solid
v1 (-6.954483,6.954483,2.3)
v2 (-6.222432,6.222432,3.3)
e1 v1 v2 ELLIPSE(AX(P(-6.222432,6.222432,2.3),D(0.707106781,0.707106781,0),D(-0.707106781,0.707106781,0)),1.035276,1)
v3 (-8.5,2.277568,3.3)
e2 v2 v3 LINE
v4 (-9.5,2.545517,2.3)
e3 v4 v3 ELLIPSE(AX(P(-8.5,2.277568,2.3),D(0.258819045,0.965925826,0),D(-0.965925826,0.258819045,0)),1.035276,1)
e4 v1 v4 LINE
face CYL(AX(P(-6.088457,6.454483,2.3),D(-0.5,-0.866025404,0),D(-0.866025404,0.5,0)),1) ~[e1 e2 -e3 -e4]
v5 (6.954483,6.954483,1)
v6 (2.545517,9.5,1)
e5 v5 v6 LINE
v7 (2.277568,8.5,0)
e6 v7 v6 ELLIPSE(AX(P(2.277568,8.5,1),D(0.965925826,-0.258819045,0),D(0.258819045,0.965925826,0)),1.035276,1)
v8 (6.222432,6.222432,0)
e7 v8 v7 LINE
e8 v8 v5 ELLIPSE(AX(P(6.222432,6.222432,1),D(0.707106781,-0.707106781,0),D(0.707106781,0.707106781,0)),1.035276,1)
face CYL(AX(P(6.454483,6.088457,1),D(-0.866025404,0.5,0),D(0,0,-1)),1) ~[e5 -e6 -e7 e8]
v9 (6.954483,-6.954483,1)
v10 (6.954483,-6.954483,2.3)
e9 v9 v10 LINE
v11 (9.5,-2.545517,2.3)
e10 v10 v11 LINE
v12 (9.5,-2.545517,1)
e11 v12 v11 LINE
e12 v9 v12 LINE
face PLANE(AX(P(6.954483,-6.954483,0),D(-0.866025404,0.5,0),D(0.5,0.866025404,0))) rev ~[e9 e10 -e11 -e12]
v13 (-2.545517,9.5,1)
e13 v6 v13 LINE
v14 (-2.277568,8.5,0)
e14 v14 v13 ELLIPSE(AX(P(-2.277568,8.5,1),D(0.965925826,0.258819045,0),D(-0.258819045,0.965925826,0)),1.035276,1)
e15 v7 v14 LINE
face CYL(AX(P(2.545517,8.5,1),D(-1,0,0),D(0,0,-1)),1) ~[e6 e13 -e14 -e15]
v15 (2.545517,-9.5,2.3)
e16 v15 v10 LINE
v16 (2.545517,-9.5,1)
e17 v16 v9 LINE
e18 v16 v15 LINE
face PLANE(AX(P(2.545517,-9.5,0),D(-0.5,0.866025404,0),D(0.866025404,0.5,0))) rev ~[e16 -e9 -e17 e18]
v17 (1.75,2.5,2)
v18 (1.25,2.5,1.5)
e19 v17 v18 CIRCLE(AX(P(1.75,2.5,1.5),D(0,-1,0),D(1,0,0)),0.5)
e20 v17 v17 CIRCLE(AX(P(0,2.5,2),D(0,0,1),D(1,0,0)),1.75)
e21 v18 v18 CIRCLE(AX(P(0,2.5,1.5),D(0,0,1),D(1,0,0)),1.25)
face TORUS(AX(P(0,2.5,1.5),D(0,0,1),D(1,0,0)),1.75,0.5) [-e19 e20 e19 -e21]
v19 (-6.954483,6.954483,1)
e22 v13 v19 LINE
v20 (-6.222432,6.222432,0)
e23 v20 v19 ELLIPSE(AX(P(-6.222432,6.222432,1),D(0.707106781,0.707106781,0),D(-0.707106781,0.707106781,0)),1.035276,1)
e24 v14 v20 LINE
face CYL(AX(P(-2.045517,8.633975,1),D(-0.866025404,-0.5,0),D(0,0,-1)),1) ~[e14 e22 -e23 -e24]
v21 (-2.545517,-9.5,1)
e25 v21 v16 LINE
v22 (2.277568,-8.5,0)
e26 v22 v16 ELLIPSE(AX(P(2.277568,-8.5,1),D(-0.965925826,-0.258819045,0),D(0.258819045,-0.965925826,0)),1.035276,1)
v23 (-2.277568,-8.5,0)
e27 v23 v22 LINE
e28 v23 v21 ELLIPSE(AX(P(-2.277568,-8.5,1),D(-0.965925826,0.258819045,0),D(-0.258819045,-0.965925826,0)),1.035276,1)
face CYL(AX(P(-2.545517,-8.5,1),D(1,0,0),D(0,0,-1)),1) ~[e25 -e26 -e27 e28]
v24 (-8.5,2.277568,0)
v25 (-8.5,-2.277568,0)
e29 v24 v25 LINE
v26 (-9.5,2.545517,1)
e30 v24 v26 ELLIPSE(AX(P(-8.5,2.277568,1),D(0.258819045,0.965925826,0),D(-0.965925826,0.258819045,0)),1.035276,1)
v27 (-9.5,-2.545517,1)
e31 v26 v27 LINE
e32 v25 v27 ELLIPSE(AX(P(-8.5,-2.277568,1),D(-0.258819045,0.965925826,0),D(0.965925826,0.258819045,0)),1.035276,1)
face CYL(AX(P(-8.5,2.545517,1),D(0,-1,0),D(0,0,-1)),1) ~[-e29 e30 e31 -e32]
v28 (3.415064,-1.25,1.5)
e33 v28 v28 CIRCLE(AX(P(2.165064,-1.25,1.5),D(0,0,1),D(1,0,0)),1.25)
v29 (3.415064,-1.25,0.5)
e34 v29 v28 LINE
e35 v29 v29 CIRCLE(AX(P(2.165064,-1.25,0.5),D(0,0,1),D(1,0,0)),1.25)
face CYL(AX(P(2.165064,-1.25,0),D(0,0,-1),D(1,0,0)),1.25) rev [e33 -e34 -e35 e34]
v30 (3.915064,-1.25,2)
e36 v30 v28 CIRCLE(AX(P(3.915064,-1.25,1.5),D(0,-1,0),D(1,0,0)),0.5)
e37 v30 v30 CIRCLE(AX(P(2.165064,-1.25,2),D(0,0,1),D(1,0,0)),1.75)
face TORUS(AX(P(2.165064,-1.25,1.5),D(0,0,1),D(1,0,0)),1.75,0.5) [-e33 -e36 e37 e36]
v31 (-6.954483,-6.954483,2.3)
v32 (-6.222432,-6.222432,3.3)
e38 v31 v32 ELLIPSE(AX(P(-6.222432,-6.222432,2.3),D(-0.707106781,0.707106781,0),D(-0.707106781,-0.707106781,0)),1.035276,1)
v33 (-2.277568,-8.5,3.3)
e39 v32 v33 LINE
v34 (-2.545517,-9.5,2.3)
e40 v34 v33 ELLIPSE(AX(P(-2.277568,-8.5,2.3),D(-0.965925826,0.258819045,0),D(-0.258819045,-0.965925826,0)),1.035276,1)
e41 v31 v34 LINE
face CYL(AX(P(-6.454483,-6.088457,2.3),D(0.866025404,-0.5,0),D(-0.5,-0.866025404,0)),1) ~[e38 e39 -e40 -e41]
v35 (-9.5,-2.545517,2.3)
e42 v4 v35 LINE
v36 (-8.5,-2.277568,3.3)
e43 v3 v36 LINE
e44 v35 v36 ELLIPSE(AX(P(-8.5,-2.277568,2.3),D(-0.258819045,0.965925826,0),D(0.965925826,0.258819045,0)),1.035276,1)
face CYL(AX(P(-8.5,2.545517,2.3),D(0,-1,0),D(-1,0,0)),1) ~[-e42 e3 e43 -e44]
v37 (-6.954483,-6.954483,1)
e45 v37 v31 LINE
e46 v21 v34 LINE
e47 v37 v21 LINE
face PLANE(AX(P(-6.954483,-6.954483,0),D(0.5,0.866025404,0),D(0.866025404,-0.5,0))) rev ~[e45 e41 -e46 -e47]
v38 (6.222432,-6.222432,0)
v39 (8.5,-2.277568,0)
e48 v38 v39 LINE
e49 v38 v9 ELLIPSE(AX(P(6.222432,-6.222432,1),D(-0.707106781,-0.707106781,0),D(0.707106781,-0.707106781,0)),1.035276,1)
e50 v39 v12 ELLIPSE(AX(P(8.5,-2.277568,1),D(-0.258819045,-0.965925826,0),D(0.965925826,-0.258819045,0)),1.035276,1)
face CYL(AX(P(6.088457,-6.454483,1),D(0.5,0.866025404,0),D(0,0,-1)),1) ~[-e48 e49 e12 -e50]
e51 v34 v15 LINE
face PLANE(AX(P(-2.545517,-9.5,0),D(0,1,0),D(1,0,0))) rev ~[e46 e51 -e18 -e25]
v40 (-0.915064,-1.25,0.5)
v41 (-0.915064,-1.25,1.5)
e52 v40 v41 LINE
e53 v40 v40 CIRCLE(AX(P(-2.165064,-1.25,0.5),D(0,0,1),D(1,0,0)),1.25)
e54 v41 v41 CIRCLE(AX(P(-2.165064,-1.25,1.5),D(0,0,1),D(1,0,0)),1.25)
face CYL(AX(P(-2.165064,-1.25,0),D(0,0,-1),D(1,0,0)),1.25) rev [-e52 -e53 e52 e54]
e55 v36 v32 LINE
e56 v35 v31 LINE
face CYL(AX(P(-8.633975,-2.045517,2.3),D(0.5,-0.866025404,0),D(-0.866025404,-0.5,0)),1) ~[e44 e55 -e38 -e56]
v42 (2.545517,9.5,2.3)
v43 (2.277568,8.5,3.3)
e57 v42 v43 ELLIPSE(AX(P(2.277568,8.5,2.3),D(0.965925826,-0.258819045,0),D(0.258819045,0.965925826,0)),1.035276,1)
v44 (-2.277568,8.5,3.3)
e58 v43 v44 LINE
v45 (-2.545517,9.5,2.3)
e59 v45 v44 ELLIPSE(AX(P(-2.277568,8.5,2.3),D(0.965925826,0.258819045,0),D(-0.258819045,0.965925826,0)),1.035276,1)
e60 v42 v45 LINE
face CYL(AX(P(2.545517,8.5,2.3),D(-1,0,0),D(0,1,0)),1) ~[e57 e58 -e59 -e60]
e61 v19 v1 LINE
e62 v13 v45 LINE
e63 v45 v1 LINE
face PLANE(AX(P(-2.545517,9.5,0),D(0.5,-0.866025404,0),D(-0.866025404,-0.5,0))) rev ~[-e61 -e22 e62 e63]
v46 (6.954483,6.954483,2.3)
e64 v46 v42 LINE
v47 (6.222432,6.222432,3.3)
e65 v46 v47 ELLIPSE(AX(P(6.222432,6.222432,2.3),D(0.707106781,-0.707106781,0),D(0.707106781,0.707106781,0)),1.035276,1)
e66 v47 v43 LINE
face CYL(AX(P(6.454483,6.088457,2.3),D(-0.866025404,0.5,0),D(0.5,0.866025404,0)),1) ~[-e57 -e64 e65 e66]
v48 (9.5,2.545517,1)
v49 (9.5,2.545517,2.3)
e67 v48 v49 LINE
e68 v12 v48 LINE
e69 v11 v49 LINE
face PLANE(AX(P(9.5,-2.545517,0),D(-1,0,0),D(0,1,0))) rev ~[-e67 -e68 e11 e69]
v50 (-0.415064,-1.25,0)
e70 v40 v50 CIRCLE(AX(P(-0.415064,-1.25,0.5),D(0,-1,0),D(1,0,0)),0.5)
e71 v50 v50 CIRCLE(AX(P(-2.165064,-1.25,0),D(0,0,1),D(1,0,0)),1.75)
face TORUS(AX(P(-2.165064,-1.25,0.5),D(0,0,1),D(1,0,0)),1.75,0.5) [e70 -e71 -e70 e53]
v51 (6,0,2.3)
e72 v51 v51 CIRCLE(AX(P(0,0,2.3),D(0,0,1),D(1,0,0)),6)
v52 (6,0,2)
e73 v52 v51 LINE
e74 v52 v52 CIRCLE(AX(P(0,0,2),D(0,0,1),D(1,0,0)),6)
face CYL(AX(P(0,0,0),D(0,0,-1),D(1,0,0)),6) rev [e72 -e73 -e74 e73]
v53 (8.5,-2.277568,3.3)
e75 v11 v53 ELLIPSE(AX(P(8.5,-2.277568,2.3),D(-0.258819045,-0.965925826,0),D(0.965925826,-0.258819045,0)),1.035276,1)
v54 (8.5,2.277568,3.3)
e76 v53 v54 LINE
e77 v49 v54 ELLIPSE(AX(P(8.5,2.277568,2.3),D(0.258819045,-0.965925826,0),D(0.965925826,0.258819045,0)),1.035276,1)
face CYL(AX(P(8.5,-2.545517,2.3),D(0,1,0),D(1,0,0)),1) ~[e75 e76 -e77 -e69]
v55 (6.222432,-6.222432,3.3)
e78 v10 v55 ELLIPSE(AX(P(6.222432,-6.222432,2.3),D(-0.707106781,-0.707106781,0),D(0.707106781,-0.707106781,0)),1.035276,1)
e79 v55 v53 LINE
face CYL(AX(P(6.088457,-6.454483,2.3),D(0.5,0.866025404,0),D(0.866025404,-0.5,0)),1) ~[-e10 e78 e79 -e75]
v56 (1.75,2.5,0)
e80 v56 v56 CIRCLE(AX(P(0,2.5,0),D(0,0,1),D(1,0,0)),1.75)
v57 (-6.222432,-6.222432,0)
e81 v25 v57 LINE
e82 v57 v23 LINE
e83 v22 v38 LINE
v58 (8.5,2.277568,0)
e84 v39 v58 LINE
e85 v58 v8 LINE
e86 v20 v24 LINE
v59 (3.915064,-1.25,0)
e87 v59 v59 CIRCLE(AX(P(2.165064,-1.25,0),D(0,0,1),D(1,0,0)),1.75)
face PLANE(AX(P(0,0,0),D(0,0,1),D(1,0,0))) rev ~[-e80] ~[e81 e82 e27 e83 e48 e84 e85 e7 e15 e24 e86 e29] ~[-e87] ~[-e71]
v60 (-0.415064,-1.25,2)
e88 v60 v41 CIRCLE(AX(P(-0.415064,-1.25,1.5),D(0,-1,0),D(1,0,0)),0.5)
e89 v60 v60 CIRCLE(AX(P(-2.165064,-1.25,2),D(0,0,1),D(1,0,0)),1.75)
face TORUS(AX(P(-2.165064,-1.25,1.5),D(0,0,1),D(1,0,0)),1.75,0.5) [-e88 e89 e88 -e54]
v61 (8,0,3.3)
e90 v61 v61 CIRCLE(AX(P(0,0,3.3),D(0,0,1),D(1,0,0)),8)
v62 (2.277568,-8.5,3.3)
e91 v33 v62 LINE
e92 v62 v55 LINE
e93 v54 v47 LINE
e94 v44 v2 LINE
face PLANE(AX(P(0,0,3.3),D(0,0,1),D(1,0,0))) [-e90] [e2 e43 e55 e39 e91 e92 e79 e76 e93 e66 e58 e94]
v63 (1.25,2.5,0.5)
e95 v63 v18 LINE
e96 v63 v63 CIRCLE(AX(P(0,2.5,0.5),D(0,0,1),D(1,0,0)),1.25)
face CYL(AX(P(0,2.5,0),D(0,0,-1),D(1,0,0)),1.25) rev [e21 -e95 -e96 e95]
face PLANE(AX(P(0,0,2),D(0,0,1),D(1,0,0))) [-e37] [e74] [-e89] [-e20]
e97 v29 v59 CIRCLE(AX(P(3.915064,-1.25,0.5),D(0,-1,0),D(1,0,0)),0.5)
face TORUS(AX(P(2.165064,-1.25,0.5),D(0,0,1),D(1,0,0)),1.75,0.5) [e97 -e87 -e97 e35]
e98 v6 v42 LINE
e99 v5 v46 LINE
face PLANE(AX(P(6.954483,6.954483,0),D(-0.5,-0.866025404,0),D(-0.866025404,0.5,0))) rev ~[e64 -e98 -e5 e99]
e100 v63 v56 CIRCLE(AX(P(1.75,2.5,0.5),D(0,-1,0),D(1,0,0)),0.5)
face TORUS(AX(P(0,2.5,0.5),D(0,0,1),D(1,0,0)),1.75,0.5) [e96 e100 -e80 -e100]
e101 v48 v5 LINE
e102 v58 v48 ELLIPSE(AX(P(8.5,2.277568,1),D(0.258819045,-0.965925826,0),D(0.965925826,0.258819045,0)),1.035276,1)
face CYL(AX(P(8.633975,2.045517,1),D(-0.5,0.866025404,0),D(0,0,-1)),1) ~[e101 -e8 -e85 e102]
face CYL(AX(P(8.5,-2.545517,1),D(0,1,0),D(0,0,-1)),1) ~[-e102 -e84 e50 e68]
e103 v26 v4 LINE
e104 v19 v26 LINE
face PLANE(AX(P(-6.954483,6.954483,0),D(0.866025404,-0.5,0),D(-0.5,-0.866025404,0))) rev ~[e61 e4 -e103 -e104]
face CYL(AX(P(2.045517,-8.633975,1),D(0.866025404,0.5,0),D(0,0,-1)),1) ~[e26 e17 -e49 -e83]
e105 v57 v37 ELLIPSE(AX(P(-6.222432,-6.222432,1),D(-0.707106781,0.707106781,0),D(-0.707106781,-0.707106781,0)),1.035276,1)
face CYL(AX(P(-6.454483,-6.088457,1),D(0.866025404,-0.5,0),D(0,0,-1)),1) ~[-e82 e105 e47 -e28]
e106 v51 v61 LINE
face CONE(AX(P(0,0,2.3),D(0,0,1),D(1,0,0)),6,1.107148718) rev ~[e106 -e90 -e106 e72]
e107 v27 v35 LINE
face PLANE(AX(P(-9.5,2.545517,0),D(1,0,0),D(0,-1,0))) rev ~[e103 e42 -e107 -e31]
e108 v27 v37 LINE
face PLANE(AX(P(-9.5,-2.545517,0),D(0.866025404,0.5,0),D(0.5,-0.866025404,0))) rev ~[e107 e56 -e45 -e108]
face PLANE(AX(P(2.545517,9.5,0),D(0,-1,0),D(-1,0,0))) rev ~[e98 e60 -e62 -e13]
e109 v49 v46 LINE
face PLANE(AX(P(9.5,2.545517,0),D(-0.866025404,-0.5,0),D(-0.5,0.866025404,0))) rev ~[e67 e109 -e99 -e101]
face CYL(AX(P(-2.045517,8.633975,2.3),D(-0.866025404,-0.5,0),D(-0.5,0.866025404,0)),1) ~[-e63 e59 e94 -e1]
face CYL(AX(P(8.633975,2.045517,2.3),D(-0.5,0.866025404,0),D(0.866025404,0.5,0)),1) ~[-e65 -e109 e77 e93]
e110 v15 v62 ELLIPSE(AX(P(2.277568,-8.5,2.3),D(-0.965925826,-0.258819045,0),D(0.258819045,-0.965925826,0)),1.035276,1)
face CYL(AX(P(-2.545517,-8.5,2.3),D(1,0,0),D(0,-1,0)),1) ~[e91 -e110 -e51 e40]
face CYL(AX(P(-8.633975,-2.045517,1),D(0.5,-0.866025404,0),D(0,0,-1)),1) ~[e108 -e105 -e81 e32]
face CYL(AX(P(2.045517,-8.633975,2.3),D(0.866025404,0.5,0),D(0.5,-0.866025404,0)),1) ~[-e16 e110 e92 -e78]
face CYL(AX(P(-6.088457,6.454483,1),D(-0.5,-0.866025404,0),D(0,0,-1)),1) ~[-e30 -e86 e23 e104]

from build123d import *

# Parameters (mm, degrees)
F0_R     = 6
F1_DEPTH = 3.3
F0_R_2   = 1.25
F2_DEPTH = 2
F3_R     = 1
F4_SIZE2 = 2
F4_SIZE  = 1
F5_R     = 0.5


with BuildPart() as f1:
    # F0 (on Top) → F1 (new body)
    with BuildSketch(Plane.XY):
        Polygon((2.5455173281, 9.5), (-2.5455173281, 9.5), (-6.9544826719, 6.9544826719), (-9.5, 2.5455173281), (-9.5, -2.5455173281), (-6.9544826719, -6.9544826719), (-2.5455173281, -9.5), (2.5455173281, -9.5), (6.9544826719, -6.9544826719), (9.5, -2.5455173281), (9.5, 2.5455173281), (6.9544826719, 6.9544826719), align=None)
        Circle(F0_R, mode=Mode.SUBTRACT)
    extrude(amount=F1_DEPTH)

    # F0 (on Top) → F2 (join)
    with BuildSketch(Plane.XY):
        Circle(F0_R)
        with Locations((-2.1650635095, -1.25)):
            Circle(F0_R_2, mode=Mode.SUBTRACT)
        with Locations((2.1650635095, -1.25)):
            Circle(F0_R_2, mode=Mode.SUBTRACT)
        with Locations((0, 2.5)):
            Circle(F0_R_2, mode=Mode.SUBTRACT)
    extrude(amount=F2_DEPTH)

    # F3
    f3_edges = [f1.edges().sort_by_distance(p)[0] for p in [
        (-8.227241, -4.75, 3.3),
        (-4.75, -8.227241, 3.3),
        (0, -9.5, 3.3),
        (4.75, -8.227241, 3.3),
        (8.227241, -4.75, 3.3),
        (9.5, 0, 3.3),
        (8.227241, 4.75, 3.3),
        (4.75, 8.227241, 3.3),
        (0, 9.5, 3.3),
        (-4.75, 8.227241, 3.3),
        (-8.227241, 4.75, 3.3),
        (-9.5, 0, 3.3),
        (-8.227241, -4.75, 0),
        (-4.75, -8.227241, 0),
        (0, -9.5, 0),
        (4.75, -8.227241, 0),
        (8.227241, -4.75, 0),
        (9.5, 0, 0),
        (8.227241, 4.75, 0),
        (4.75, 8.227241, 0),
        (0, 9.5, 0),
        (-4.75, 8.227241, 0),
        (-8.227241, 4.75, 0),
        (-9.5, 0, 0),
    ]]
    fillet(f3_edges, radius=F3_R)

    # F4
    f4_edges = [f1.edges().sort_by_distance(p)[0] for p in [
        (-6, 0, 3.3),
    ]]
    f4_side = f1.faces().sort_by_distance((-6, 0, 2.65))[0]
    chamfer(f4_edges, length=F4_SIZE, length2=F4_SIZE2, reference=f4_side)

    # F5
    f5_edges = [f1.edges().sort_by_distance(p)[0] for p in [
        (-1.25, 2.5, 2),
        (0.915064, -1.25, 2),
        (-3.415064, -1.25, 2),
        (0.915064, -1.25, 0),
        (-3.415064, -1.25, 0),
        (-1.25, 2.5, 0),
    ]]
    fillet(f5_edges, radius=F5_R)


solid = f1.part
